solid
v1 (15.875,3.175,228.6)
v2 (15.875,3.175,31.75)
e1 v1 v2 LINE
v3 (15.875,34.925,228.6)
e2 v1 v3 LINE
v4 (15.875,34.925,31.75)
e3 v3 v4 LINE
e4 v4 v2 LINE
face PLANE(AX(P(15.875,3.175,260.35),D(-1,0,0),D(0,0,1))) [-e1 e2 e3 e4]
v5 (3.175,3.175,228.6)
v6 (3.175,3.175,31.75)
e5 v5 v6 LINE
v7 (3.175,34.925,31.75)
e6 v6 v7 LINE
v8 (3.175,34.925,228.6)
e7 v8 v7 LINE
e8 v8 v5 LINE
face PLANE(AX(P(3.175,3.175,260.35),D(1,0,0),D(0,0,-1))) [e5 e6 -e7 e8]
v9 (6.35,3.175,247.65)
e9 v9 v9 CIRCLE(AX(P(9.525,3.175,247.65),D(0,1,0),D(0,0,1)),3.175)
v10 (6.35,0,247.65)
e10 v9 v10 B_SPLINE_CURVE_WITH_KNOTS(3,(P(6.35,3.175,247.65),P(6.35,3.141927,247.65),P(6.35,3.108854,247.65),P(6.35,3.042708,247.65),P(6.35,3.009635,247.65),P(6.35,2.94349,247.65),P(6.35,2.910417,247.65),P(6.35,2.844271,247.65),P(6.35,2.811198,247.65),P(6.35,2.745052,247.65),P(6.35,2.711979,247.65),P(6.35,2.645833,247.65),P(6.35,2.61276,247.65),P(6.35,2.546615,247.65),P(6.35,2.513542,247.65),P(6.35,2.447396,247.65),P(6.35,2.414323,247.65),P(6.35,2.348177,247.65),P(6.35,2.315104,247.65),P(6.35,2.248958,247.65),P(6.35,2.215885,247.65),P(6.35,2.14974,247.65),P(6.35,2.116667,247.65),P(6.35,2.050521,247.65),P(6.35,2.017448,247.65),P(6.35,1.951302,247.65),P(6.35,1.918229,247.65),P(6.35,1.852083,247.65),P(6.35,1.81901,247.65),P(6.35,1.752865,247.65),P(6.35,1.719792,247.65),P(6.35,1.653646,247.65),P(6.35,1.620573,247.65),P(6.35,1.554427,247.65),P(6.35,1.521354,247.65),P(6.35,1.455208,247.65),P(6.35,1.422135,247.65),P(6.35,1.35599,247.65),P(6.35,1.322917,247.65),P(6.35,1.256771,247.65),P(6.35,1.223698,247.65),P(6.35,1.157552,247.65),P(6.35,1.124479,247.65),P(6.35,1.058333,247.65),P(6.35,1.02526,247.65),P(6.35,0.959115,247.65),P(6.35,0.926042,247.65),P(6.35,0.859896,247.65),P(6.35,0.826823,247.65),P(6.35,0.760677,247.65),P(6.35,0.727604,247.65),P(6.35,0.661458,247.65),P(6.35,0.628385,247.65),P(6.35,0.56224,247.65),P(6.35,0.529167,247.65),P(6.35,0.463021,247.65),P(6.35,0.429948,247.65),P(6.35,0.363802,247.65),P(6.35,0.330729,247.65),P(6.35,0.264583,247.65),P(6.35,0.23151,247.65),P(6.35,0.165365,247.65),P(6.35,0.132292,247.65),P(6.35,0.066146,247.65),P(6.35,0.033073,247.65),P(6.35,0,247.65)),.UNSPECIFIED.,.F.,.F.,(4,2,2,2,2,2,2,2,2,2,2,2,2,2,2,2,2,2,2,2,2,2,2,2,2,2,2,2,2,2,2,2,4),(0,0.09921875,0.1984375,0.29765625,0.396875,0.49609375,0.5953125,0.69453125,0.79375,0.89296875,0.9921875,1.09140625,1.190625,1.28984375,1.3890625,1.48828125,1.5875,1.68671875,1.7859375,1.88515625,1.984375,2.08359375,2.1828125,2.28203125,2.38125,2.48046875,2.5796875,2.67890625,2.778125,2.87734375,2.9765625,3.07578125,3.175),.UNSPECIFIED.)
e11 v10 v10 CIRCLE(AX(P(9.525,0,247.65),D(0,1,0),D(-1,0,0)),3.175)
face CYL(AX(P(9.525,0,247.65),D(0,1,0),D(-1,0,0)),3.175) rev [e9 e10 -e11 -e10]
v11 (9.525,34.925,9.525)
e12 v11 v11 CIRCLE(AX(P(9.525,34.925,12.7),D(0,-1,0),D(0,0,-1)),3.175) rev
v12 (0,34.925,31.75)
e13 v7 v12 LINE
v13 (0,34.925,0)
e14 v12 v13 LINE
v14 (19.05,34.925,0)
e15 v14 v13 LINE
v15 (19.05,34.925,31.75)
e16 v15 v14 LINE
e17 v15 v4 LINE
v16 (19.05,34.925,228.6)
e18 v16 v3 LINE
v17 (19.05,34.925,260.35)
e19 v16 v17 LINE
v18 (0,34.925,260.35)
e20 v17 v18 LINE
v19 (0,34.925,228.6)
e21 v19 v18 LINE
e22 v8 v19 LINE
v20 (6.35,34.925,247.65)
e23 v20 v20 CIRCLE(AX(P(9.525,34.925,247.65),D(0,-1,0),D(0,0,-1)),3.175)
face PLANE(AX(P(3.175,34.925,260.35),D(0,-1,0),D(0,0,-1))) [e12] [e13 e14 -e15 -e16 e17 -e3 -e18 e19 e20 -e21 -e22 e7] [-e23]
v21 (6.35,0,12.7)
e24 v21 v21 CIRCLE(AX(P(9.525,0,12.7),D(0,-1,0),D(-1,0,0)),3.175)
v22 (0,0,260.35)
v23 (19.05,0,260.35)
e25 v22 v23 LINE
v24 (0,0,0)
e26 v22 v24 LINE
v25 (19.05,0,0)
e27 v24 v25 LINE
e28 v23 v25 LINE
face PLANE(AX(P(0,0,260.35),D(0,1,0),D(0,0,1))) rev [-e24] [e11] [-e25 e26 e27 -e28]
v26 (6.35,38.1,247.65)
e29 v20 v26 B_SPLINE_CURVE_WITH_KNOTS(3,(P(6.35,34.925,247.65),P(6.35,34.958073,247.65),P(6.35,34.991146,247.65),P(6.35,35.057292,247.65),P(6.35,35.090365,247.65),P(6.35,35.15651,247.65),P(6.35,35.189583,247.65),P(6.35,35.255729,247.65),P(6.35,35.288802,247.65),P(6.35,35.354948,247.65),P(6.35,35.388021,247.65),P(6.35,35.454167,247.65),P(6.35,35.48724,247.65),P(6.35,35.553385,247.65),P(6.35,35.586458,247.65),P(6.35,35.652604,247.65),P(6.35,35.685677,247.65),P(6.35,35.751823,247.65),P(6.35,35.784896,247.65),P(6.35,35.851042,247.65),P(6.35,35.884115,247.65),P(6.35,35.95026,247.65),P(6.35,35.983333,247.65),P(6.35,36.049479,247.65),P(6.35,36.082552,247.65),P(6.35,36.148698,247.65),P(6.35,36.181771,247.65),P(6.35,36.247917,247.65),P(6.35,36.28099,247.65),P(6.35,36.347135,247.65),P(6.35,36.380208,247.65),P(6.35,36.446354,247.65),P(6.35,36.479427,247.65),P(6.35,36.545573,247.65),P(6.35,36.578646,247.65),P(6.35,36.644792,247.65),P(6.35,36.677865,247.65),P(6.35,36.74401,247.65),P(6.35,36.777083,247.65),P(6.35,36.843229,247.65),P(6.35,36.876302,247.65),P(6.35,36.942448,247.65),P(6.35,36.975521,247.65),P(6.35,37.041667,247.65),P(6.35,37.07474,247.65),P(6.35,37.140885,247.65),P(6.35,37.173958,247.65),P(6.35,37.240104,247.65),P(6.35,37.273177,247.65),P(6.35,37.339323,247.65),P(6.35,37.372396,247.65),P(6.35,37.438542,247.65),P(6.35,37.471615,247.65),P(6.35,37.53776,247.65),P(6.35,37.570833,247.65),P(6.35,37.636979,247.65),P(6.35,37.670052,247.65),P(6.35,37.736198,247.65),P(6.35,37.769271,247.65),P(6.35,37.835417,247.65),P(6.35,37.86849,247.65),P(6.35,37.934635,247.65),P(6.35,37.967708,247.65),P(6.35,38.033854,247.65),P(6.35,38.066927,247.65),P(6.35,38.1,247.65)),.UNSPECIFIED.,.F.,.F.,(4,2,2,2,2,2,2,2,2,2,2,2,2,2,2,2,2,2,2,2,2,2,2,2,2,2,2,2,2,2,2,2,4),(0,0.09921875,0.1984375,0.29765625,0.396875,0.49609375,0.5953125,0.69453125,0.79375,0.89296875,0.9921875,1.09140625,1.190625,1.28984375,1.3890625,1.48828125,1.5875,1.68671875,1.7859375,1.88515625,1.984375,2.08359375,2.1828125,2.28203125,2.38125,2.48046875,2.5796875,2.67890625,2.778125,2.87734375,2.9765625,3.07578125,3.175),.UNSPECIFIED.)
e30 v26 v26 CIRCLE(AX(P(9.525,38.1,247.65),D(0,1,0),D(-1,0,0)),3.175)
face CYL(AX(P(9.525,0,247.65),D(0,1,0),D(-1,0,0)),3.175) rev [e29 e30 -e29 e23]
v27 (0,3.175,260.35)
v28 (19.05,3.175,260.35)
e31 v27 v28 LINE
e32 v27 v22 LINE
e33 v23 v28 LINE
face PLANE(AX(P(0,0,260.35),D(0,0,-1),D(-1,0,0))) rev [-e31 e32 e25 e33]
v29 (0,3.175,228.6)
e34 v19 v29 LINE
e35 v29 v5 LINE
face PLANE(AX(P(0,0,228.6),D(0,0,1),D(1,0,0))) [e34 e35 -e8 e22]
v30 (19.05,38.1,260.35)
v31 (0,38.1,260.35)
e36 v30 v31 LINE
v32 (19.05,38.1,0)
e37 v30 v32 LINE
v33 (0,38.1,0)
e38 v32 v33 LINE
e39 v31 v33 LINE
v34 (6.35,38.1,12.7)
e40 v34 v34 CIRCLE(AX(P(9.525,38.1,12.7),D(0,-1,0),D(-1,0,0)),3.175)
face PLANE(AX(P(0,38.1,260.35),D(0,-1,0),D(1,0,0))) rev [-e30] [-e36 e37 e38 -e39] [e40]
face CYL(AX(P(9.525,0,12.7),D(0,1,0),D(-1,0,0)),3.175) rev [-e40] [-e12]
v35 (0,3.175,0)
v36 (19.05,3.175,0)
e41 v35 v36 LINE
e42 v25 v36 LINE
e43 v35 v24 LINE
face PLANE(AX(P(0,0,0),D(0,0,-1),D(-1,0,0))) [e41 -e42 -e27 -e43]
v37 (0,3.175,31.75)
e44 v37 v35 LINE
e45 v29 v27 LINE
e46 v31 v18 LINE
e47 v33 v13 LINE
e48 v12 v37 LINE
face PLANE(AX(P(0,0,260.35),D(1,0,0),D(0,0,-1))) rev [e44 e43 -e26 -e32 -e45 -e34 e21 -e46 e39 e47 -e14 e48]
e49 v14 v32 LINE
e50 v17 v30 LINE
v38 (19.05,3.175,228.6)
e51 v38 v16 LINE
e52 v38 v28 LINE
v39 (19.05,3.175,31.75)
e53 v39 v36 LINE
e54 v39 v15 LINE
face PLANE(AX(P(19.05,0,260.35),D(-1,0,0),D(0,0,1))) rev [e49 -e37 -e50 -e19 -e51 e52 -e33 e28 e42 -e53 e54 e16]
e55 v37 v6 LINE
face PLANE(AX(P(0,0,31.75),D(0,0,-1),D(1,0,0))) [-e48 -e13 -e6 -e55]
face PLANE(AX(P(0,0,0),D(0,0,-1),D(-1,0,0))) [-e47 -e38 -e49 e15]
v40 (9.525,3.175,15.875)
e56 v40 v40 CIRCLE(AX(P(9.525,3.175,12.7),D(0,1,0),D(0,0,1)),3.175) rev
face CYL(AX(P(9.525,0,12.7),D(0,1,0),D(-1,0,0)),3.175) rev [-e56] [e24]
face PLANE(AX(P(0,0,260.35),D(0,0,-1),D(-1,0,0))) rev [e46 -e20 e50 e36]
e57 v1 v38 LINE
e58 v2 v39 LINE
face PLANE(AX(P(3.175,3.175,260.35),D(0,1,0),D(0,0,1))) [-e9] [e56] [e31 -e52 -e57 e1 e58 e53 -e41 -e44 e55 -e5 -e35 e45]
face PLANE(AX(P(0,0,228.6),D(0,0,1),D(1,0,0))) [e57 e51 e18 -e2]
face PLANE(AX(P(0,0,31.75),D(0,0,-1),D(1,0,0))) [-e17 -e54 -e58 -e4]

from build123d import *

# Parameters (mm, degrees)
SKETCH1_W           = 19.05
SKETCH1_H           = 38.1
SKETCH1_W_2         = 12.7
SKETCH1_H_2         = 31.75
BOSS_EXTRUDE1_DEPTH = 260.35
SKETCH2_W           = 19.05
SKETCH2_H           = 31.75
CUT_EXTRUDE1_DEPTH  = 31.75
SKETCH3_R           = 3.175
CUT_EXTRUDE2_DEPTH  = 264.811741589


with BuildPart() as part:
    # Sketch1 → Boss-Extrude1 (new body)
    with BuildSketch(Plane.XY):
        with Locations((9.525, 19.05)):
            Rectangle(SKETCH1_W, SKETCH1_H)
        with Locations((9.525, 19.05)):
            Rectangle(SKETCH1_W_2, SKETCH1_H_2, mode=Mode.SUBTRACT)
    extrude(amount=BOSS_EXTRUDE1_DEPTH)

    # Sketch2 → Cut-Extrude1 (cut)
    with BuildSketch(Plane.XY.offset(260.35)):
        with Locations((9.525, 19.05)):
            Rectangle(SKETCH2_W, SKETCH2_H)
    cut_extrude1 = extrude(amount=-CUT_EXTRUDE1_DEPTH, mode=Mode.SUBTRACT)

    # Sketch3 → Cut-Extrude2 (cut, through all)
    with BuildSketch(Plane(origin=(0, 38.1, 0), x_dir=(1, 0, 0), z_dir=(0, 1, 0))):
        with Locations(Location((9.525, -247.65, 0), (0, 0, 180))):
            Circle(SKETCH3_R)
    cut_extrude2 = extrude(amount=-CUT_EXTRUDE2_DEPTH, mode=Mode.SUBTRACT)

    # Mirror1: Cut-Extrude1, Cut-Extrude2 across plane
    add(cut_extrude1.mirror(Plane.XY.offset(130.175)), mode=Mode.SUBTRACT)
    add(cut_extrude2.mirror(Plane.XY.offset(130.175)), mode=Mode.SUBTRACT)


solid = part.part
